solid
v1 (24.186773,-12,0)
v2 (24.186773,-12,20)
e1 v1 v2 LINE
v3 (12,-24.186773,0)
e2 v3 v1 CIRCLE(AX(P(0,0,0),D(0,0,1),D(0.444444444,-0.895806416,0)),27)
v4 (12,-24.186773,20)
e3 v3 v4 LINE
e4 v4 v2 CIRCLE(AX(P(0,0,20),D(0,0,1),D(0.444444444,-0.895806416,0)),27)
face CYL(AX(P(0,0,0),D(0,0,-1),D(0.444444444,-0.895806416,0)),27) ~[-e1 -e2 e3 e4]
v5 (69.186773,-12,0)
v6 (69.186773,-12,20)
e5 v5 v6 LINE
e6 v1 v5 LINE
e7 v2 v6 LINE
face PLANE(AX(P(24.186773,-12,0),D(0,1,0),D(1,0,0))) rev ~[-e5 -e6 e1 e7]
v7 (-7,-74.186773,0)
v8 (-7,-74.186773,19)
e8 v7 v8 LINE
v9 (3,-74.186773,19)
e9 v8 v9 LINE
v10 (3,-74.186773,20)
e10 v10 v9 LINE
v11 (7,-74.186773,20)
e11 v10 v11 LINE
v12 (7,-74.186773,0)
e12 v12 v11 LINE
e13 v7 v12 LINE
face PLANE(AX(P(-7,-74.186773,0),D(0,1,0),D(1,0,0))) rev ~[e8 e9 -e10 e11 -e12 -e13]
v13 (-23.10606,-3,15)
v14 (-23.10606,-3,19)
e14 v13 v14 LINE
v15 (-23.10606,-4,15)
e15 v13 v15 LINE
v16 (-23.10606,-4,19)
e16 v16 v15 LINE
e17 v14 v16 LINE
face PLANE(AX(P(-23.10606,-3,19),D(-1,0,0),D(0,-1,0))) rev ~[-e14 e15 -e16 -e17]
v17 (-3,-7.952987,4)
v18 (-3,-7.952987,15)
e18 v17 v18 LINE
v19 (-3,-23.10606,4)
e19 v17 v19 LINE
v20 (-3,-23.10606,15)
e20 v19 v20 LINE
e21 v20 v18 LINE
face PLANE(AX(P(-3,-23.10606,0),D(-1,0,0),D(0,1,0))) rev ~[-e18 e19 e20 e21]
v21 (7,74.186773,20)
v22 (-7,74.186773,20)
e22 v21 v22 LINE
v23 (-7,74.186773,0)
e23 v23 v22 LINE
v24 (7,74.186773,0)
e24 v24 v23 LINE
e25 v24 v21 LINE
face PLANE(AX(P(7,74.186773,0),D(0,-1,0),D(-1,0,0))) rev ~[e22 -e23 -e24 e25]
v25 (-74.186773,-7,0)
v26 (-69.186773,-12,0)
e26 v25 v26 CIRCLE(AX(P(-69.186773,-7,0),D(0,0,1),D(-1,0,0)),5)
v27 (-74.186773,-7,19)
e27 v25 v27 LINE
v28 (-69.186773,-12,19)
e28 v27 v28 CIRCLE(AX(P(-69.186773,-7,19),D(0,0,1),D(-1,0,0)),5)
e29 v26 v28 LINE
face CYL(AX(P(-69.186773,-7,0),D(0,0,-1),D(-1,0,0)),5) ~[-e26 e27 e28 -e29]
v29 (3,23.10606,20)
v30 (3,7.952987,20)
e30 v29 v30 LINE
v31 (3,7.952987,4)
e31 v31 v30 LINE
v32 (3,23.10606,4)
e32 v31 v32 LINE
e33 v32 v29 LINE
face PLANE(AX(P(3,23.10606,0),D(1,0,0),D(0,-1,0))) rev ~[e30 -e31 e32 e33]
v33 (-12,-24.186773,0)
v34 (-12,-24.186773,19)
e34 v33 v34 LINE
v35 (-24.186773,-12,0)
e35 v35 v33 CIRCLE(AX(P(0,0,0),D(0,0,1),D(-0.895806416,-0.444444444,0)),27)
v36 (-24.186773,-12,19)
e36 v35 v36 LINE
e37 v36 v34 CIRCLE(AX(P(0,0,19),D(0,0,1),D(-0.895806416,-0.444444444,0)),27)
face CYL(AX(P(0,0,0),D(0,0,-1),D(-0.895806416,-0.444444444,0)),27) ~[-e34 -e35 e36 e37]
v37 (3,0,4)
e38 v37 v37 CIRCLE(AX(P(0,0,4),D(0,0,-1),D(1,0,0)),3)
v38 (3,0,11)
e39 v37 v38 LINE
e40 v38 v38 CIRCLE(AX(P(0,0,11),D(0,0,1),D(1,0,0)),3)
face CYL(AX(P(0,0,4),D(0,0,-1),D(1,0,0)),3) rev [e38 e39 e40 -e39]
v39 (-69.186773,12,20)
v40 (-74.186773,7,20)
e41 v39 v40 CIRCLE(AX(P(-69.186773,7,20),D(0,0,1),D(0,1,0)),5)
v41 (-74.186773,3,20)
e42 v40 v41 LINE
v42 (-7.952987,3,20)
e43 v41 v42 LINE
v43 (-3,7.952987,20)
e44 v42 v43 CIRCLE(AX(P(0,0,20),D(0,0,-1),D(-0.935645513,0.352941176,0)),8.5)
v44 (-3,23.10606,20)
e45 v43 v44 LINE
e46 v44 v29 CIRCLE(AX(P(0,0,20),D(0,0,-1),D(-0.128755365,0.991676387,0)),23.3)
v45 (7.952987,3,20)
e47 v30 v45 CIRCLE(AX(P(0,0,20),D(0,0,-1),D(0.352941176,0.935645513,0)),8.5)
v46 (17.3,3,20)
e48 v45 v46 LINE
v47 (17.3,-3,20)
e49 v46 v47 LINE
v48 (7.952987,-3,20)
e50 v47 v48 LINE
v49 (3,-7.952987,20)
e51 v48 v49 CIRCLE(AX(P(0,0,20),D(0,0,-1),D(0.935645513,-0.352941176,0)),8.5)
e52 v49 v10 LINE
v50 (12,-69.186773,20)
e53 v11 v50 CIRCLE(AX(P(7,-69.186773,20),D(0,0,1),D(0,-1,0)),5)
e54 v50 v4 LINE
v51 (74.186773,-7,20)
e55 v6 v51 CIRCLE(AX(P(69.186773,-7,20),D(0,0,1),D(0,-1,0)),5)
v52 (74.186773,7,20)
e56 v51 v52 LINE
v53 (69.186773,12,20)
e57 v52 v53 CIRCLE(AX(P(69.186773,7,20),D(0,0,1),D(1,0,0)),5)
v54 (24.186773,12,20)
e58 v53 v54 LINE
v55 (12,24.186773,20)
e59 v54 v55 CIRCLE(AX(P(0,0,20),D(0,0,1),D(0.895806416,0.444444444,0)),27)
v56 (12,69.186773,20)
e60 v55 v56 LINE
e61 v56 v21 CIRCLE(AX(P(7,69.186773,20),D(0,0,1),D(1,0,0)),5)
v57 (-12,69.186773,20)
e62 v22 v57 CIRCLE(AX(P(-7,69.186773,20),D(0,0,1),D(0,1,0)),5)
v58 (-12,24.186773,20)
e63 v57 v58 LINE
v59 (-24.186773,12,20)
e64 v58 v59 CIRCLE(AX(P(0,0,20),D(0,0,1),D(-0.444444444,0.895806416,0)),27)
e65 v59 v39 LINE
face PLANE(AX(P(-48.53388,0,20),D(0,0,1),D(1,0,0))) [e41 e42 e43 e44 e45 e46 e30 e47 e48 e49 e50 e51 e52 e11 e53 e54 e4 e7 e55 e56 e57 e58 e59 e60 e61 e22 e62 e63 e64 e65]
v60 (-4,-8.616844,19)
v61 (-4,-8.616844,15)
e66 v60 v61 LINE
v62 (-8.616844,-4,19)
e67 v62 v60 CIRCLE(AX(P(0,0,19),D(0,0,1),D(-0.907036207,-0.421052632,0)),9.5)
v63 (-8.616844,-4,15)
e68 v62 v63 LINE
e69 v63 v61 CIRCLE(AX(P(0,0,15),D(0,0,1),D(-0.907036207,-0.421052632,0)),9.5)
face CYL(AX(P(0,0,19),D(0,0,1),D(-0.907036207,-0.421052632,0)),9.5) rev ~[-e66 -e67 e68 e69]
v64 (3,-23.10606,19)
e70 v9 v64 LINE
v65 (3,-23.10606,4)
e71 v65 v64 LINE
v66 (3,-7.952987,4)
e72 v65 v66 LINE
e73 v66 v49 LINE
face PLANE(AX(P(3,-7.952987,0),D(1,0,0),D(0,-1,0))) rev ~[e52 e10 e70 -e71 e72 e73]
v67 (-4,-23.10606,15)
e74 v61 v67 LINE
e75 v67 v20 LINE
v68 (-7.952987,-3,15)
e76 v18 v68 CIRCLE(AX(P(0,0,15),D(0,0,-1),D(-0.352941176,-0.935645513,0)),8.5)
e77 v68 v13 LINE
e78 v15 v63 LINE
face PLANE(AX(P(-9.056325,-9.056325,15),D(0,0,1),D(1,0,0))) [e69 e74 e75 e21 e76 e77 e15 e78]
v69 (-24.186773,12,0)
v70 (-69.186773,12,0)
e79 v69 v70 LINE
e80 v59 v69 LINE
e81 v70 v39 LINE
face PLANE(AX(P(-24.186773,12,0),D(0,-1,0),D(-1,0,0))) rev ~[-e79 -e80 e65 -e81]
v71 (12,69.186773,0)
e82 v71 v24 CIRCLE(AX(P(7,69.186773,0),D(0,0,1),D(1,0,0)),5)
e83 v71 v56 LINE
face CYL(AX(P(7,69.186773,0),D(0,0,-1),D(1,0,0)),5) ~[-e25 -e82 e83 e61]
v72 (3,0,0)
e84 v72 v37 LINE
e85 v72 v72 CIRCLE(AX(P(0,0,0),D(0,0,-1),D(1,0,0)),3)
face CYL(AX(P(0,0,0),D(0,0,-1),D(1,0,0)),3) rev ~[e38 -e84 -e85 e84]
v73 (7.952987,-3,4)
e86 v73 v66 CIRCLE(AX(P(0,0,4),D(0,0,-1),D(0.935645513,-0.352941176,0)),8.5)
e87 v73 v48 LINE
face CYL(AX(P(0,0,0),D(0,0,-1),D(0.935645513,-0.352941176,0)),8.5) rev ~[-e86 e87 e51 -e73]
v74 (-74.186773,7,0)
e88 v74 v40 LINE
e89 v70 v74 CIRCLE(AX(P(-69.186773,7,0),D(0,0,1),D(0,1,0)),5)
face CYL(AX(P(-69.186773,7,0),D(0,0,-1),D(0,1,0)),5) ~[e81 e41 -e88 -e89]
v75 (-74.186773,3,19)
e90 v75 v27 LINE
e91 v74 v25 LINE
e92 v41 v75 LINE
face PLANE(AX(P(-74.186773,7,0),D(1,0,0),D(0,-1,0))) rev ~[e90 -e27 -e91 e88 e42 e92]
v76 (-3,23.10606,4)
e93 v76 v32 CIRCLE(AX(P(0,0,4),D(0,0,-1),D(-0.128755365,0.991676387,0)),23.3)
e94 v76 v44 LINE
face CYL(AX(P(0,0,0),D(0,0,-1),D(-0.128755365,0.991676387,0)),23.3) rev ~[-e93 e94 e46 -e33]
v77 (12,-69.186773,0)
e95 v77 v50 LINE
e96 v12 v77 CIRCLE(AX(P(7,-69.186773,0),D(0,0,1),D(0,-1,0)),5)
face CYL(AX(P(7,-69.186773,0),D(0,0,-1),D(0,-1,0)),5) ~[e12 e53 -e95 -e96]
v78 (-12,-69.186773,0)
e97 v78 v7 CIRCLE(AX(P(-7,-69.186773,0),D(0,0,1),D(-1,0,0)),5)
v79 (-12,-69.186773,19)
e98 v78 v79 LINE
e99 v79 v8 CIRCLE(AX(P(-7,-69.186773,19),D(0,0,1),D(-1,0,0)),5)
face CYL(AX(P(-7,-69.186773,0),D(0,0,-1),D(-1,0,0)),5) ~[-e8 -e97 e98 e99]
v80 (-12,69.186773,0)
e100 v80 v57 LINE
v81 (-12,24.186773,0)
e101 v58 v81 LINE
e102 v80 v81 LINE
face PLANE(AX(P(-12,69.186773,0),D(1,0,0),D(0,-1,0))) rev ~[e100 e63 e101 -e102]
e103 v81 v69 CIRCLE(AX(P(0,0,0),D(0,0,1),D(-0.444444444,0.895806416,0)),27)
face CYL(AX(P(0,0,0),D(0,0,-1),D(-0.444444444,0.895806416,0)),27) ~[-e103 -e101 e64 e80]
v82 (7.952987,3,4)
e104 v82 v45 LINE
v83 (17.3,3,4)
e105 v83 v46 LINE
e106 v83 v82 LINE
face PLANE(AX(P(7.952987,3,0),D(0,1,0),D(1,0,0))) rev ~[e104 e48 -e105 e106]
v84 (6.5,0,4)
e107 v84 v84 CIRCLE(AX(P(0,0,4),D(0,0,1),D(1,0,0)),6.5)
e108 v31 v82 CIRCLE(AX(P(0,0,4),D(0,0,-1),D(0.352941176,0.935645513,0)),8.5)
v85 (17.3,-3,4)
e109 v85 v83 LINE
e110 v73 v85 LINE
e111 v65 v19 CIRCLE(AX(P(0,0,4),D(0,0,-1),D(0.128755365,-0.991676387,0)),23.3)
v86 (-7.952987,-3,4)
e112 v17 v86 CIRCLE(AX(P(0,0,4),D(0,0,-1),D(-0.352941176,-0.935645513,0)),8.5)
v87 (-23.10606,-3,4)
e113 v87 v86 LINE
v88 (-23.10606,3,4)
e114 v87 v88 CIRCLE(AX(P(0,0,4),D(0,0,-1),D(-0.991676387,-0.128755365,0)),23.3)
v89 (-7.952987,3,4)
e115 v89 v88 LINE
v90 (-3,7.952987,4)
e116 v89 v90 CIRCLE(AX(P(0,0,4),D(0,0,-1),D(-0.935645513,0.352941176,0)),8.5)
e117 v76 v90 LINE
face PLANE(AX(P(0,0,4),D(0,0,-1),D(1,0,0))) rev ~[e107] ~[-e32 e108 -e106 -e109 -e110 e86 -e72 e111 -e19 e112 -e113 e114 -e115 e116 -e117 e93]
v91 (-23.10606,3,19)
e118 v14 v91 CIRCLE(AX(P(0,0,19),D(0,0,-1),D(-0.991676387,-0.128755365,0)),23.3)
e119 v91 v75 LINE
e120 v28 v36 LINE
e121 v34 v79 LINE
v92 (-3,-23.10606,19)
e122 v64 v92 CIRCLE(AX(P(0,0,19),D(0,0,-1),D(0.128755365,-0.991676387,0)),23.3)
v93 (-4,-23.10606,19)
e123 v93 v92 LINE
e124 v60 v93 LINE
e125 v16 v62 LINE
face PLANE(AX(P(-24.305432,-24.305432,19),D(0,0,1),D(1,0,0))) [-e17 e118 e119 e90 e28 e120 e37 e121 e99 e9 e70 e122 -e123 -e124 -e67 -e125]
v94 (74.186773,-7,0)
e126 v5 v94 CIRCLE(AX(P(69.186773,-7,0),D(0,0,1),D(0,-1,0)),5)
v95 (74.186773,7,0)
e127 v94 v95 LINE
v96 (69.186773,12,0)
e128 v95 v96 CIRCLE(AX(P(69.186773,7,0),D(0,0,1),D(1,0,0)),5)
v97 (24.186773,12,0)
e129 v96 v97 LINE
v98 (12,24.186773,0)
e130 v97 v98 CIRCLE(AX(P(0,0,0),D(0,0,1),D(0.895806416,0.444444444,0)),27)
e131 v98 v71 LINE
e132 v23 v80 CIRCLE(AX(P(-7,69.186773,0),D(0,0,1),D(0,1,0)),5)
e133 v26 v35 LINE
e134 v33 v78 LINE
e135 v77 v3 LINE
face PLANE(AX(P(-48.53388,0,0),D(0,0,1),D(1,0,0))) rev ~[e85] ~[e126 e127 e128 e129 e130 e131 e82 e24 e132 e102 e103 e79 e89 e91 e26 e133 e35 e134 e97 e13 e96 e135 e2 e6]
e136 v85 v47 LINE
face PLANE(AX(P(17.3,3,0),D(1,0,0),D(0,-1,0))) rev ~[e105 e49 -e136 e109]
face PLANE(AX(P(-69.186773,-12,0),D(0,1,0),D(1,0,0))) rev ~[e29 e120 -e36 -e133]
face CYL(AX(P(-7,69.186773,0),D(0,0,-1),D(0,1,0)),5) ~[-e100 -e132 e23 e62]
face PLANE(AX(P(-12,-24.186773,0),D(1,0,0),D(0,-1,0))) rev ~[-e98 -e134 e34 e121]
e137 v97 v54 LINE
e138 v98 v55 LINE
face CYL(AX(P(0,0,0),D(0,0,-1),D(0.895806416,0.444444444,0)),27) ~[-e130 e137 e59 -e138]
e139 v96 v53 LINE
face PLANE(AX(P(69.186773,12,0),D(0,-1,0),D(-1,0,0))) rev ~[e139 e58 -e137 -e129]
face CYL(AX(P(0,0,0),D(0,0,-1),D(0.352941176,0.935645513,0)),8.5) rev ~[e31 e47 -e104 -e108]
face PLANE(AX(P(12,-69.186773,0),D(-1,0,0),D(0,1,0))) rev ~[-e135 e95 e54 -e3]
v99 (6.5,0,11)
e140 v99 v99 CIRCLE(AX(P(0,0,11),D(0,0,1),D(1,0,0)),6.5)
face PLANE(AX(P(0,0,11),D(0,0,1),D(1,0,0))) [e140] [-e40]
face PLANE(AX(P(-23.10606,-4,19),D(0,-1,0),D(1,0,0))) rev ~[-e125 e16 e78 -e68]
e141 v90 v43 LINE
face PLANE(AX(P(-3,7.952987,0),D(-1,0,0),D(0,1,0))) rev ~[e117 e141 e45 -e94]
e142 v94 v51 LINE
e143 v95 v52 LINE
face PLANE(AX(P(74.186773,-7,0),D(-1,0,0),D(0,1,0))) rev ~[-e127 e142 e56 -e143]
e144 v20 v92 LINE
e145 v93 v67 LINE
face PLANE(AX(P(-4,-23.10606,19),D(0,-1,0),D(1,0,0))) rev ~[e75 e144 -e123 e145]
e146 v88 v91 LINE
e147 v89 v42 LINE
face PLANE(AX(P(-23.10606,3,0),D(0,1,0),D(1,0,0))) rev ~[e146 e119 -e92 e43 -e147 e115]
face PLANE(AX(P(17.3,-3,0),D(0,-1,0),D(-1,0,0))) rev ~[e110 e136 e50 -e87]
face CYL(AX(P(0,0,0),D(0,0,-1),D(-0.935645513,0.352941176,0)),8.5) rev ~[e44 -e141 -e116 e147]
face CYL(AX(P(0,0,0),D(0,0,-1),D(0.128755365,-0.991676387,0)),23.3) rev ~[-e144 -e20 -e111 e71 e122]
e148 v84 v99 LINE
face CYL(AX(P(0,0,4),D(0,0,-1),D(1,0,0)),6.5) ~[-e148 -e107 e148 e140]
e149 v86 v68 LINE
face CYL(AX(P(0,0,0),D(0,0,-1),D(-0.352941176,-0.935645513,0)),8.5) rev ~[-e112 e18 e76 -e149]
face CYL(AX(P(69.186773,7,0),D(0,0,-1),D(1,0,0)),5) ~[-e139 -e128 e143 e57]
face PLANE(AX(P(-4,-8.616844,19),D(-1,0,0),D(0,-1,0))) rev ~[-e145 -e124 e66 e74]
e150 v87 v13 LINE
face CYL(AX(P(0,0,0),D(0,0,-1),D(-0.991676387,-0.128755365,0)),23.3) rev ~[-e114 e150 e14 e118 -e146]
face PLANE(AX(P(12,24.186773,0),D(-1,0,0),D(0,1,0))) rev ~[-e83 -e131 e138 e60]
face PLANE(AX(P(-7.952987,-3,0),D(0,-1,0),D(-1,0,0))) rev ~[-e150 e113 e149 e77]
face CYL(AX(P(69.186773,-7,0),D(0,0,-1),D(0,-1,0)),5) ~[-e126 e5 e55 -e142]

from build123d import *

# Parameters (mm, degrees)
F1_DEPTH = 20
F3_DEPTH = 1
F5_DEPTH = 4
F6_R     = 3
F7_DEPTH = 4
F8_R     = 6.5
F8_R_2   = 3
F9_DEPTH = 7


with BuildPart() as f1:
    # F0 (on Top) → F1 (new body)
    with BuildSketch(Plane.XY):
        with BuildLine():
            ThreePointArc((-24.1867732449, -12), (-27, 0), (-24.1867732449, 12))
            Line((-24.1867732449, 12), (-69.1867732449, 12))
            ThreePointArc((-69.1867732449, 12), (-72.7223071508, 10.5355339059), (-74.1867732449, 7))
            Line((-74.1867732449, 7), (-74.1867732449, -7))
            ThreePointArc((-74.1867732449, -7), (-72.7223071508, -10.5355339059), (-69.1867732449, -12))
            Line((-69.1867732449, -12), (-24.1867732449, -12))
        make_face()
        with BuildLine():
            ThreePointArc((24.1867732449, -12), (26.2872866383, -6.1626748408), (27, 0))
            ThreePointArc((27, 0), (26.2872866383, 6.1626748408), (24.1867732449, 12))
            ThreePointArc((24.1867732449, 12), (19.091883092, 19.091883092), (12, 24.1867732449))
            ThreePointArc((12, 24.1867732449), (0, 27), (-12, 24.1867732449))
            ThreePointArc((-12, 24.1867732449), (-19.091883092, 19.091883092), (-24.1867732449, 12))
            ThreePointArc((-24.1867732449, 12), (-27, 0), (-24.1867732449, -12))
            ThreePointArc((-24.1867732449, -12), (-19.091883092, -19.091883092), (-12, -24.1867732449))
            ThreePointArc((-12, -24.1867732449), (0, -27), (12, -24.1867732449))
            ThreePointArc((12, -24.1867732449), (19.091883092, -19.091883092), (24.1867732449, -12))
        make_face()
        with BuildLine():
            ThreePointArc((3, 23.1060598112), (17.5041423669, 15.3783939343), (23.3, 0))
            ThreePointArc((23.3, 0), (17.5041423669, -15.3783939343), (3, -23.1060598112))
            ThreePointArc((3, -23.1060598112), (0, -23.3), (-3, -23.1060598112))
            ThreePointArc((-3, -23.1060598112), (-16.4755880016, -16.4755880016), (-23.1060598112, -3))
            ThreePointArc((-23.1060598112, -3), (-23.3, 0), (-23.1060598112, 3))
            ThreePointArc((-23.1060598112, 3), (-16.4755880016, 16.4755880016), (-3, 23.1060598112))
            ThreePointArc((-3, 23.1060598112), (0, 23.3), (3, 23.1060598112))
        make_face(mode=Mode.SUBTRACT)
        with BuildLine():
            Line((-3, 7.9529868603), (-3, 23.1060598112))
            ThreePointArc((-3, 23.1060598112), (-16.4755880016, 16.4755880016), (-23.1060598112, 3))
            Line((-23.1060598112, 3), (-7.9529868603, 3))
            ThreePointArc((-7.9529868603, 3), (-6.0104076401, 6.0104076401), (-3, 7.9529868603))
        make_face()
        with BuildLine():
            ThreePointArc((3, -23.1060598112), (17.5041423669, -15.3783939343), (23.3, 0))
            ThreePointArc((23.3, 0), (17.5041423669, 15.3783939343), (3, 23.1060598112))
            Line((3, 23.1060598112), (3, 7.9529868603))
            ThreePointArc((3, 7.9529868603), (6.0104076401, 6.0104076401), (7.9529868603, 3))
            Line((7.9529868603, 3), (17.3, 3))
            Line((17.3, 3), (17.3, -3))
            Line((17.3, -3), (7.9529868603, -3))
            ThreePointArc((7.9529868603, -3), (6.0104076401, -6.0104076401), (3, -7.9529868603))
            Line((3, -7.9529868603), (3, -23.1060598112))
        make_face()
        with BuildLine():
            ThreePointArc((-23.1060598112, -3), (-16.4755880016, -16.4755880016), (-3, -23.1060598112))
            Line((-3, -23.1060598112), (-3, -7.9529868603))
            ThreePointArc((-3, -7.9529868603), (-6.0104076401, -6.0104076401), (-7.9529868603, -3))
            Line((-7.9529868603, -3), (-23.1060598112, -3))
        make_face()
        with BuildLine():
            ThreePointArc((-12, 24.1867732449), (0, 27), (12, 24.1867732449))
            Line((12, 24.1867732449), (12, 69.1867732449))
            ThreePointArc((12, 69.1867732449), (10.5355339059, 72.7223071508), (7, 74.1867732449))
            Line((7, 74.1867732449), (-7, 74.1867732449))
            ThreePointArc((-7, 74.1867732449), (-10.5355339059, 72.7223071508), (-12, 69.1867732449))
            Line((-12, 69.1867732449), (-12, 24.1867732449))
        make_face()
        with BuildLine():
            ThreePointArc((24.1867732449, 12), (26.2872866383, 6.1626748408), (27, 0))
            ThreePointArc((27, 0), (26.2872866383, -6.1626748408), (24.1867732449, -12))
            Line((24.1867732449, -12), (69.1867732449, -12))
            ThreePointArc((69.1867732449, -12), (72.7223071508, -10.5355339059), (74.1867732449, -7))
            Line((74.1867732449, -7), (74.1867732449, 7))
            ThreePointArc((74.1867732449, 7), (72.7223071508, 10.5355339059), (69.1867732449, 12))
            Line((69.1867732449, 12), (24.1867732449, 12))
        make_face()
        with BuildLine():
            Line((12, -69.1867732449), (12, -24.1867732449))
            ThreePointArc((12, -24.1867732449), (0, -27), (-12, -24.1867732449))
            Line((-12, -24.1867732449), (-12, -69.1867732449))
            ThreePointArc((-12, -69.1867732449), (-10.5355339059, -72.7223071508), (-7, -74.1867732449))
            Line((-7, -74.1867732449), (7, -74.1867732449))
            ThreePointArc((7, -74.1867732449), (10.5355339059, -72.7223071508), (12, -69.1867732449))
        make_face()
    extrude(amount=F1_DEPTH)

    # F2 (on face) → F3 (cut)
    with BuildSketch(Plane.XY.offset(20)):
        with BuildLine():
            Line((3, -74.1867732449), (3, -23.1060598112))
            ThreePointArc((3, -23.1060598112), (0, -23.3), (-3, -23.1060598112))
            Line((-3, -23.1060598112), (-3, -7.9529868603))
            ThreePointArc((-3, -7.9529868603), (-6.0104076401, -6.0104076401), (-7.9529868603, -3))
            Line((-7.9529868603, -3), (-23.1060598112, -3))
            ThreePointArc((-23.1060598112, -3), (-23.3, 0), (-23.1060598112, 3))
            Line((-23.1060598112, 3), (-74.1867732449, 3))
            Line((-74.1867732449, 3), (-74.1867732449, -7))
            ThreePointArc((-74.1867732449, -7), (-72.7223071508, -10.5355339059), (-69.1867732449, -12))
            Line((-69.1867732449, -12), (-24.1867732449, -12))
            ThreePointArc((-24.1867732449, -12), (-19.091883092, -19.091883092), (-12, -24.1867732449))
            Line((-12, -24.1867732449), (-12, -69.1867732449))
            ThreePointArc((-12, -69.1867732449), (-10.5355339059, -72.7223071508), (-7, -74.1867732449))
            Line((-7, -74.1867732449), (3, -74.1867732449))
        make_face()
    extrude(amount=-F3_DEPTH, mode=Mode.SUBTRACT)

    # F4 (on face) → F5 (cut)
    with BuildSketch(Plane.XY.offset(19)):
        with BuildLine():
            ThreePointArc((-8.6168439698, -4), (-6.7175144213, -6.7175144213), (-4, -8.6168439698))
            Line((-4, -8.6168439698), (-4, -23.1060598112))
            Line((-4, -23.1060598112), (-3, -23.1060598112))
            Line((-3, -23.1060598112), (-3, -7.9529868603))
            ThreePointArc((-3, -7.9529868603), (-6.0104076401, -6.0104076401), (-7.9529868603, -3))
            Line((-7.9529868603, -3), (-23.1060598112, -3))
            Line((-23.1060598112, -3), (-23.1060598112, -4))
            Line((-23.1060598112, -4), (-8.6168439698, -4))
        make_face()
    extrude(amount=-F5_DEPTH, mode=Mode.SUBTRACT)

    # F6 (on face) → F7 (join)
    with BuildSketch(Plane(origin=(0, 0, 0), x_dir=(1, 0, 0), z_dir=(0, 0, -1))):
        with BuildLine():
            ThreePointArc((-74.1867732449, -7), (-72.7223071508, -10.5355339059), (-69.1867732449, -12))
            Line((-69.1867732449, -12), (-24.1867732449, -12))
            ThreePointArc((-24.1867732449, -12), (-19.091883092, -19.091883092), (-12, -24.1867732449))
            Line((-12, -24.1867732449), (-12, -69.1867732449))
            ThreePointArc((-12, -69.1867732449), (-10.5355339059, -72.7223071508), (-7, -74.1867732449))
            Line((-7, -74.1867732449), (7, -74.1867732449))
            ThreePointArc((7, -74.1867732449), (10.5355339059, -72.7223071508), (12, -69.1867732449))
            Line((12, -69.1867732449), (12, -24.1867732449))
            ThreePointArc((12, -24.1867732449), (19.091883092, -19.091883092), (24.1867732449, -12))
            Line((24.1867732449, -12), (69.1867732449, -12))
            ThreePointArc((69.1867732449, -12), (72.7223071508, -10.5355339059), (74.1867732449, -7))
            Line((74.1867732449, -7), (74.1867732449, 7))
            ThreePointArc((74.1867732449, 7), (72.7223071508, 10.5355339059), (69.1867732449, 12))
            Line((69.1867732449, 12), (24.1867732449, 12))
            ThreePointArc((24.1867732449, 12), (19.091883092, 19.091883092), (12, 24.1867732449))
            Line((12, 24.1867732449), (12, 69.1867732449))
            ThreePointArc((12, 69.1867732449), (10.5355339059, 72.7223071508), (7, 74.1867732449))
            Line((7, 74.1867732449), (-7, 74.1867732449))
            ThreePointArc((-7, 74.1867732449), (-10.5355339059, 72.7223071508), (-12, 69.1867732449))
            Line((-12, 69.1867732449), (-12, 24.1867732449))
            ThreePointArc((-12, 24.1867732449), (-19.091883092, 19.091883092), (-24.1867732449, 12))
            Line((-24.1867732449, 12), (-69.1867732449, 12))
            ThreePointArc((-69.1867732449, 12), (-72.7223071508, 10.5355339059), (-74.1867732449, 7))
            Line((-74.1867732449, 7), (-74.1867732449, -7))
        make_face()
        with BuildLine():
            Line((3, -7.9529868603), (3, -23.1060598112))
            ThreePointArc((3, -23.1060598112), (0, -23.3), (-3, -23.1060598112))
            Line((-3, -23.1060598112), (-3, -7.9529868603))
            ThreePointArc((-3, -7.9529868603), (-6.0104076401, -6.0104076401), (-7.9529868603, -3))
            Line((-7.9529868603, -3), (-23.1060598112, -3))
            ThreePointArc((-23.1060598112, -3), (-23.3, 0), (-23.1060598112, 3))
            Line((-23.1060598112, 3), (-7.9529868603, 3))
            ThreePointArc((-7.9529868603, 3), (-6.0104076401, 6.0104076401), (-3, 7.9529868603))
            Line((-3, 7.9529868603), (-3, 23.1060598112))
            ThreePointArc((-3, 23.1060598112), (0, 23.3), (3, 23.1060598112))
            Line((3, 23.1060598112), (3, 7.9529868603))
            ThreePointArc((3, 7.9529868603), (6.0104076401, 6.0104076401), (7.9529868603, 3))
            Line((7.9529868603, 3), (17.3, 3))
            Line((17.3, 3), (17.3, -3))
            Line((17.3, -3), (7.9529868603, -3))
            ThreePointArc((7.9529868603, -3), (6.0104076401, -6.0104076401), (3, -7.9529868603))
        make_face(mode=Mode.SUBTRACT)
        with BuildLine():
            ThreePointArc((-3, -23.1060598112), (0, -23.3), (3, -23.1060598112))
            Line((3, -23.1060598112), (3, -7.9529868603))
            ThreePointArc((3, -7.9529868603), (6.0104076401, -6.0104076401), (7.9529868603, -3))
            Line((7.9529868603, -3), (17.3, -3))
            Line((17.3, -3), (17.3, 3))
            Line((17.3, 3), (7.9529868603, 3))
            ThreePointArc((7.9529868603, 3), (6.0104076401, 6.0104076401), (3, 7.9529868603))
            Line((3, 7.9529868603), (3, 23.1060598112))
            ThreePointArc((3, 23.1060598112), (0, 23.3), (-3, 23.1060598112))
            Line((-3, 23.1060598112), (-3, 7.9529868603))
            ThreePointArc((-3, 7.9529868603), (-6.0104076401, 6.0104076401), (-7.9529868603, 3))
            Line((-7.9529868603, 3), (-23.1060598112, 3))
            ThreePointArc((-23.1060598112, 3), (-23.3, 0), (-23.1060598112, -3))
            Line((-23.1060598112, -3), (-7.9529868603, -3))
            ThreePointArc((-7.9529868603, -3), (-6.0104076401, -6.0104076401), (-3, -7.9529868603))
            Line((-3, -7.9529868603), (-3, -23.1060598112))
        make_face()
        Circle(F6_R, mode=Mode.SUBTRACT)
    extrude(amount=-F7_DEPTH)

    # F8 (on face) → F9 (join)
    with BuildSketch(Plane.XY.offset(4)):
        Circle(F8_R)
        Circle(F8_R_2, mode=Mode.SUBTRACT)
    extrude(amount=F9_DEPTH)


solid = f1.part
